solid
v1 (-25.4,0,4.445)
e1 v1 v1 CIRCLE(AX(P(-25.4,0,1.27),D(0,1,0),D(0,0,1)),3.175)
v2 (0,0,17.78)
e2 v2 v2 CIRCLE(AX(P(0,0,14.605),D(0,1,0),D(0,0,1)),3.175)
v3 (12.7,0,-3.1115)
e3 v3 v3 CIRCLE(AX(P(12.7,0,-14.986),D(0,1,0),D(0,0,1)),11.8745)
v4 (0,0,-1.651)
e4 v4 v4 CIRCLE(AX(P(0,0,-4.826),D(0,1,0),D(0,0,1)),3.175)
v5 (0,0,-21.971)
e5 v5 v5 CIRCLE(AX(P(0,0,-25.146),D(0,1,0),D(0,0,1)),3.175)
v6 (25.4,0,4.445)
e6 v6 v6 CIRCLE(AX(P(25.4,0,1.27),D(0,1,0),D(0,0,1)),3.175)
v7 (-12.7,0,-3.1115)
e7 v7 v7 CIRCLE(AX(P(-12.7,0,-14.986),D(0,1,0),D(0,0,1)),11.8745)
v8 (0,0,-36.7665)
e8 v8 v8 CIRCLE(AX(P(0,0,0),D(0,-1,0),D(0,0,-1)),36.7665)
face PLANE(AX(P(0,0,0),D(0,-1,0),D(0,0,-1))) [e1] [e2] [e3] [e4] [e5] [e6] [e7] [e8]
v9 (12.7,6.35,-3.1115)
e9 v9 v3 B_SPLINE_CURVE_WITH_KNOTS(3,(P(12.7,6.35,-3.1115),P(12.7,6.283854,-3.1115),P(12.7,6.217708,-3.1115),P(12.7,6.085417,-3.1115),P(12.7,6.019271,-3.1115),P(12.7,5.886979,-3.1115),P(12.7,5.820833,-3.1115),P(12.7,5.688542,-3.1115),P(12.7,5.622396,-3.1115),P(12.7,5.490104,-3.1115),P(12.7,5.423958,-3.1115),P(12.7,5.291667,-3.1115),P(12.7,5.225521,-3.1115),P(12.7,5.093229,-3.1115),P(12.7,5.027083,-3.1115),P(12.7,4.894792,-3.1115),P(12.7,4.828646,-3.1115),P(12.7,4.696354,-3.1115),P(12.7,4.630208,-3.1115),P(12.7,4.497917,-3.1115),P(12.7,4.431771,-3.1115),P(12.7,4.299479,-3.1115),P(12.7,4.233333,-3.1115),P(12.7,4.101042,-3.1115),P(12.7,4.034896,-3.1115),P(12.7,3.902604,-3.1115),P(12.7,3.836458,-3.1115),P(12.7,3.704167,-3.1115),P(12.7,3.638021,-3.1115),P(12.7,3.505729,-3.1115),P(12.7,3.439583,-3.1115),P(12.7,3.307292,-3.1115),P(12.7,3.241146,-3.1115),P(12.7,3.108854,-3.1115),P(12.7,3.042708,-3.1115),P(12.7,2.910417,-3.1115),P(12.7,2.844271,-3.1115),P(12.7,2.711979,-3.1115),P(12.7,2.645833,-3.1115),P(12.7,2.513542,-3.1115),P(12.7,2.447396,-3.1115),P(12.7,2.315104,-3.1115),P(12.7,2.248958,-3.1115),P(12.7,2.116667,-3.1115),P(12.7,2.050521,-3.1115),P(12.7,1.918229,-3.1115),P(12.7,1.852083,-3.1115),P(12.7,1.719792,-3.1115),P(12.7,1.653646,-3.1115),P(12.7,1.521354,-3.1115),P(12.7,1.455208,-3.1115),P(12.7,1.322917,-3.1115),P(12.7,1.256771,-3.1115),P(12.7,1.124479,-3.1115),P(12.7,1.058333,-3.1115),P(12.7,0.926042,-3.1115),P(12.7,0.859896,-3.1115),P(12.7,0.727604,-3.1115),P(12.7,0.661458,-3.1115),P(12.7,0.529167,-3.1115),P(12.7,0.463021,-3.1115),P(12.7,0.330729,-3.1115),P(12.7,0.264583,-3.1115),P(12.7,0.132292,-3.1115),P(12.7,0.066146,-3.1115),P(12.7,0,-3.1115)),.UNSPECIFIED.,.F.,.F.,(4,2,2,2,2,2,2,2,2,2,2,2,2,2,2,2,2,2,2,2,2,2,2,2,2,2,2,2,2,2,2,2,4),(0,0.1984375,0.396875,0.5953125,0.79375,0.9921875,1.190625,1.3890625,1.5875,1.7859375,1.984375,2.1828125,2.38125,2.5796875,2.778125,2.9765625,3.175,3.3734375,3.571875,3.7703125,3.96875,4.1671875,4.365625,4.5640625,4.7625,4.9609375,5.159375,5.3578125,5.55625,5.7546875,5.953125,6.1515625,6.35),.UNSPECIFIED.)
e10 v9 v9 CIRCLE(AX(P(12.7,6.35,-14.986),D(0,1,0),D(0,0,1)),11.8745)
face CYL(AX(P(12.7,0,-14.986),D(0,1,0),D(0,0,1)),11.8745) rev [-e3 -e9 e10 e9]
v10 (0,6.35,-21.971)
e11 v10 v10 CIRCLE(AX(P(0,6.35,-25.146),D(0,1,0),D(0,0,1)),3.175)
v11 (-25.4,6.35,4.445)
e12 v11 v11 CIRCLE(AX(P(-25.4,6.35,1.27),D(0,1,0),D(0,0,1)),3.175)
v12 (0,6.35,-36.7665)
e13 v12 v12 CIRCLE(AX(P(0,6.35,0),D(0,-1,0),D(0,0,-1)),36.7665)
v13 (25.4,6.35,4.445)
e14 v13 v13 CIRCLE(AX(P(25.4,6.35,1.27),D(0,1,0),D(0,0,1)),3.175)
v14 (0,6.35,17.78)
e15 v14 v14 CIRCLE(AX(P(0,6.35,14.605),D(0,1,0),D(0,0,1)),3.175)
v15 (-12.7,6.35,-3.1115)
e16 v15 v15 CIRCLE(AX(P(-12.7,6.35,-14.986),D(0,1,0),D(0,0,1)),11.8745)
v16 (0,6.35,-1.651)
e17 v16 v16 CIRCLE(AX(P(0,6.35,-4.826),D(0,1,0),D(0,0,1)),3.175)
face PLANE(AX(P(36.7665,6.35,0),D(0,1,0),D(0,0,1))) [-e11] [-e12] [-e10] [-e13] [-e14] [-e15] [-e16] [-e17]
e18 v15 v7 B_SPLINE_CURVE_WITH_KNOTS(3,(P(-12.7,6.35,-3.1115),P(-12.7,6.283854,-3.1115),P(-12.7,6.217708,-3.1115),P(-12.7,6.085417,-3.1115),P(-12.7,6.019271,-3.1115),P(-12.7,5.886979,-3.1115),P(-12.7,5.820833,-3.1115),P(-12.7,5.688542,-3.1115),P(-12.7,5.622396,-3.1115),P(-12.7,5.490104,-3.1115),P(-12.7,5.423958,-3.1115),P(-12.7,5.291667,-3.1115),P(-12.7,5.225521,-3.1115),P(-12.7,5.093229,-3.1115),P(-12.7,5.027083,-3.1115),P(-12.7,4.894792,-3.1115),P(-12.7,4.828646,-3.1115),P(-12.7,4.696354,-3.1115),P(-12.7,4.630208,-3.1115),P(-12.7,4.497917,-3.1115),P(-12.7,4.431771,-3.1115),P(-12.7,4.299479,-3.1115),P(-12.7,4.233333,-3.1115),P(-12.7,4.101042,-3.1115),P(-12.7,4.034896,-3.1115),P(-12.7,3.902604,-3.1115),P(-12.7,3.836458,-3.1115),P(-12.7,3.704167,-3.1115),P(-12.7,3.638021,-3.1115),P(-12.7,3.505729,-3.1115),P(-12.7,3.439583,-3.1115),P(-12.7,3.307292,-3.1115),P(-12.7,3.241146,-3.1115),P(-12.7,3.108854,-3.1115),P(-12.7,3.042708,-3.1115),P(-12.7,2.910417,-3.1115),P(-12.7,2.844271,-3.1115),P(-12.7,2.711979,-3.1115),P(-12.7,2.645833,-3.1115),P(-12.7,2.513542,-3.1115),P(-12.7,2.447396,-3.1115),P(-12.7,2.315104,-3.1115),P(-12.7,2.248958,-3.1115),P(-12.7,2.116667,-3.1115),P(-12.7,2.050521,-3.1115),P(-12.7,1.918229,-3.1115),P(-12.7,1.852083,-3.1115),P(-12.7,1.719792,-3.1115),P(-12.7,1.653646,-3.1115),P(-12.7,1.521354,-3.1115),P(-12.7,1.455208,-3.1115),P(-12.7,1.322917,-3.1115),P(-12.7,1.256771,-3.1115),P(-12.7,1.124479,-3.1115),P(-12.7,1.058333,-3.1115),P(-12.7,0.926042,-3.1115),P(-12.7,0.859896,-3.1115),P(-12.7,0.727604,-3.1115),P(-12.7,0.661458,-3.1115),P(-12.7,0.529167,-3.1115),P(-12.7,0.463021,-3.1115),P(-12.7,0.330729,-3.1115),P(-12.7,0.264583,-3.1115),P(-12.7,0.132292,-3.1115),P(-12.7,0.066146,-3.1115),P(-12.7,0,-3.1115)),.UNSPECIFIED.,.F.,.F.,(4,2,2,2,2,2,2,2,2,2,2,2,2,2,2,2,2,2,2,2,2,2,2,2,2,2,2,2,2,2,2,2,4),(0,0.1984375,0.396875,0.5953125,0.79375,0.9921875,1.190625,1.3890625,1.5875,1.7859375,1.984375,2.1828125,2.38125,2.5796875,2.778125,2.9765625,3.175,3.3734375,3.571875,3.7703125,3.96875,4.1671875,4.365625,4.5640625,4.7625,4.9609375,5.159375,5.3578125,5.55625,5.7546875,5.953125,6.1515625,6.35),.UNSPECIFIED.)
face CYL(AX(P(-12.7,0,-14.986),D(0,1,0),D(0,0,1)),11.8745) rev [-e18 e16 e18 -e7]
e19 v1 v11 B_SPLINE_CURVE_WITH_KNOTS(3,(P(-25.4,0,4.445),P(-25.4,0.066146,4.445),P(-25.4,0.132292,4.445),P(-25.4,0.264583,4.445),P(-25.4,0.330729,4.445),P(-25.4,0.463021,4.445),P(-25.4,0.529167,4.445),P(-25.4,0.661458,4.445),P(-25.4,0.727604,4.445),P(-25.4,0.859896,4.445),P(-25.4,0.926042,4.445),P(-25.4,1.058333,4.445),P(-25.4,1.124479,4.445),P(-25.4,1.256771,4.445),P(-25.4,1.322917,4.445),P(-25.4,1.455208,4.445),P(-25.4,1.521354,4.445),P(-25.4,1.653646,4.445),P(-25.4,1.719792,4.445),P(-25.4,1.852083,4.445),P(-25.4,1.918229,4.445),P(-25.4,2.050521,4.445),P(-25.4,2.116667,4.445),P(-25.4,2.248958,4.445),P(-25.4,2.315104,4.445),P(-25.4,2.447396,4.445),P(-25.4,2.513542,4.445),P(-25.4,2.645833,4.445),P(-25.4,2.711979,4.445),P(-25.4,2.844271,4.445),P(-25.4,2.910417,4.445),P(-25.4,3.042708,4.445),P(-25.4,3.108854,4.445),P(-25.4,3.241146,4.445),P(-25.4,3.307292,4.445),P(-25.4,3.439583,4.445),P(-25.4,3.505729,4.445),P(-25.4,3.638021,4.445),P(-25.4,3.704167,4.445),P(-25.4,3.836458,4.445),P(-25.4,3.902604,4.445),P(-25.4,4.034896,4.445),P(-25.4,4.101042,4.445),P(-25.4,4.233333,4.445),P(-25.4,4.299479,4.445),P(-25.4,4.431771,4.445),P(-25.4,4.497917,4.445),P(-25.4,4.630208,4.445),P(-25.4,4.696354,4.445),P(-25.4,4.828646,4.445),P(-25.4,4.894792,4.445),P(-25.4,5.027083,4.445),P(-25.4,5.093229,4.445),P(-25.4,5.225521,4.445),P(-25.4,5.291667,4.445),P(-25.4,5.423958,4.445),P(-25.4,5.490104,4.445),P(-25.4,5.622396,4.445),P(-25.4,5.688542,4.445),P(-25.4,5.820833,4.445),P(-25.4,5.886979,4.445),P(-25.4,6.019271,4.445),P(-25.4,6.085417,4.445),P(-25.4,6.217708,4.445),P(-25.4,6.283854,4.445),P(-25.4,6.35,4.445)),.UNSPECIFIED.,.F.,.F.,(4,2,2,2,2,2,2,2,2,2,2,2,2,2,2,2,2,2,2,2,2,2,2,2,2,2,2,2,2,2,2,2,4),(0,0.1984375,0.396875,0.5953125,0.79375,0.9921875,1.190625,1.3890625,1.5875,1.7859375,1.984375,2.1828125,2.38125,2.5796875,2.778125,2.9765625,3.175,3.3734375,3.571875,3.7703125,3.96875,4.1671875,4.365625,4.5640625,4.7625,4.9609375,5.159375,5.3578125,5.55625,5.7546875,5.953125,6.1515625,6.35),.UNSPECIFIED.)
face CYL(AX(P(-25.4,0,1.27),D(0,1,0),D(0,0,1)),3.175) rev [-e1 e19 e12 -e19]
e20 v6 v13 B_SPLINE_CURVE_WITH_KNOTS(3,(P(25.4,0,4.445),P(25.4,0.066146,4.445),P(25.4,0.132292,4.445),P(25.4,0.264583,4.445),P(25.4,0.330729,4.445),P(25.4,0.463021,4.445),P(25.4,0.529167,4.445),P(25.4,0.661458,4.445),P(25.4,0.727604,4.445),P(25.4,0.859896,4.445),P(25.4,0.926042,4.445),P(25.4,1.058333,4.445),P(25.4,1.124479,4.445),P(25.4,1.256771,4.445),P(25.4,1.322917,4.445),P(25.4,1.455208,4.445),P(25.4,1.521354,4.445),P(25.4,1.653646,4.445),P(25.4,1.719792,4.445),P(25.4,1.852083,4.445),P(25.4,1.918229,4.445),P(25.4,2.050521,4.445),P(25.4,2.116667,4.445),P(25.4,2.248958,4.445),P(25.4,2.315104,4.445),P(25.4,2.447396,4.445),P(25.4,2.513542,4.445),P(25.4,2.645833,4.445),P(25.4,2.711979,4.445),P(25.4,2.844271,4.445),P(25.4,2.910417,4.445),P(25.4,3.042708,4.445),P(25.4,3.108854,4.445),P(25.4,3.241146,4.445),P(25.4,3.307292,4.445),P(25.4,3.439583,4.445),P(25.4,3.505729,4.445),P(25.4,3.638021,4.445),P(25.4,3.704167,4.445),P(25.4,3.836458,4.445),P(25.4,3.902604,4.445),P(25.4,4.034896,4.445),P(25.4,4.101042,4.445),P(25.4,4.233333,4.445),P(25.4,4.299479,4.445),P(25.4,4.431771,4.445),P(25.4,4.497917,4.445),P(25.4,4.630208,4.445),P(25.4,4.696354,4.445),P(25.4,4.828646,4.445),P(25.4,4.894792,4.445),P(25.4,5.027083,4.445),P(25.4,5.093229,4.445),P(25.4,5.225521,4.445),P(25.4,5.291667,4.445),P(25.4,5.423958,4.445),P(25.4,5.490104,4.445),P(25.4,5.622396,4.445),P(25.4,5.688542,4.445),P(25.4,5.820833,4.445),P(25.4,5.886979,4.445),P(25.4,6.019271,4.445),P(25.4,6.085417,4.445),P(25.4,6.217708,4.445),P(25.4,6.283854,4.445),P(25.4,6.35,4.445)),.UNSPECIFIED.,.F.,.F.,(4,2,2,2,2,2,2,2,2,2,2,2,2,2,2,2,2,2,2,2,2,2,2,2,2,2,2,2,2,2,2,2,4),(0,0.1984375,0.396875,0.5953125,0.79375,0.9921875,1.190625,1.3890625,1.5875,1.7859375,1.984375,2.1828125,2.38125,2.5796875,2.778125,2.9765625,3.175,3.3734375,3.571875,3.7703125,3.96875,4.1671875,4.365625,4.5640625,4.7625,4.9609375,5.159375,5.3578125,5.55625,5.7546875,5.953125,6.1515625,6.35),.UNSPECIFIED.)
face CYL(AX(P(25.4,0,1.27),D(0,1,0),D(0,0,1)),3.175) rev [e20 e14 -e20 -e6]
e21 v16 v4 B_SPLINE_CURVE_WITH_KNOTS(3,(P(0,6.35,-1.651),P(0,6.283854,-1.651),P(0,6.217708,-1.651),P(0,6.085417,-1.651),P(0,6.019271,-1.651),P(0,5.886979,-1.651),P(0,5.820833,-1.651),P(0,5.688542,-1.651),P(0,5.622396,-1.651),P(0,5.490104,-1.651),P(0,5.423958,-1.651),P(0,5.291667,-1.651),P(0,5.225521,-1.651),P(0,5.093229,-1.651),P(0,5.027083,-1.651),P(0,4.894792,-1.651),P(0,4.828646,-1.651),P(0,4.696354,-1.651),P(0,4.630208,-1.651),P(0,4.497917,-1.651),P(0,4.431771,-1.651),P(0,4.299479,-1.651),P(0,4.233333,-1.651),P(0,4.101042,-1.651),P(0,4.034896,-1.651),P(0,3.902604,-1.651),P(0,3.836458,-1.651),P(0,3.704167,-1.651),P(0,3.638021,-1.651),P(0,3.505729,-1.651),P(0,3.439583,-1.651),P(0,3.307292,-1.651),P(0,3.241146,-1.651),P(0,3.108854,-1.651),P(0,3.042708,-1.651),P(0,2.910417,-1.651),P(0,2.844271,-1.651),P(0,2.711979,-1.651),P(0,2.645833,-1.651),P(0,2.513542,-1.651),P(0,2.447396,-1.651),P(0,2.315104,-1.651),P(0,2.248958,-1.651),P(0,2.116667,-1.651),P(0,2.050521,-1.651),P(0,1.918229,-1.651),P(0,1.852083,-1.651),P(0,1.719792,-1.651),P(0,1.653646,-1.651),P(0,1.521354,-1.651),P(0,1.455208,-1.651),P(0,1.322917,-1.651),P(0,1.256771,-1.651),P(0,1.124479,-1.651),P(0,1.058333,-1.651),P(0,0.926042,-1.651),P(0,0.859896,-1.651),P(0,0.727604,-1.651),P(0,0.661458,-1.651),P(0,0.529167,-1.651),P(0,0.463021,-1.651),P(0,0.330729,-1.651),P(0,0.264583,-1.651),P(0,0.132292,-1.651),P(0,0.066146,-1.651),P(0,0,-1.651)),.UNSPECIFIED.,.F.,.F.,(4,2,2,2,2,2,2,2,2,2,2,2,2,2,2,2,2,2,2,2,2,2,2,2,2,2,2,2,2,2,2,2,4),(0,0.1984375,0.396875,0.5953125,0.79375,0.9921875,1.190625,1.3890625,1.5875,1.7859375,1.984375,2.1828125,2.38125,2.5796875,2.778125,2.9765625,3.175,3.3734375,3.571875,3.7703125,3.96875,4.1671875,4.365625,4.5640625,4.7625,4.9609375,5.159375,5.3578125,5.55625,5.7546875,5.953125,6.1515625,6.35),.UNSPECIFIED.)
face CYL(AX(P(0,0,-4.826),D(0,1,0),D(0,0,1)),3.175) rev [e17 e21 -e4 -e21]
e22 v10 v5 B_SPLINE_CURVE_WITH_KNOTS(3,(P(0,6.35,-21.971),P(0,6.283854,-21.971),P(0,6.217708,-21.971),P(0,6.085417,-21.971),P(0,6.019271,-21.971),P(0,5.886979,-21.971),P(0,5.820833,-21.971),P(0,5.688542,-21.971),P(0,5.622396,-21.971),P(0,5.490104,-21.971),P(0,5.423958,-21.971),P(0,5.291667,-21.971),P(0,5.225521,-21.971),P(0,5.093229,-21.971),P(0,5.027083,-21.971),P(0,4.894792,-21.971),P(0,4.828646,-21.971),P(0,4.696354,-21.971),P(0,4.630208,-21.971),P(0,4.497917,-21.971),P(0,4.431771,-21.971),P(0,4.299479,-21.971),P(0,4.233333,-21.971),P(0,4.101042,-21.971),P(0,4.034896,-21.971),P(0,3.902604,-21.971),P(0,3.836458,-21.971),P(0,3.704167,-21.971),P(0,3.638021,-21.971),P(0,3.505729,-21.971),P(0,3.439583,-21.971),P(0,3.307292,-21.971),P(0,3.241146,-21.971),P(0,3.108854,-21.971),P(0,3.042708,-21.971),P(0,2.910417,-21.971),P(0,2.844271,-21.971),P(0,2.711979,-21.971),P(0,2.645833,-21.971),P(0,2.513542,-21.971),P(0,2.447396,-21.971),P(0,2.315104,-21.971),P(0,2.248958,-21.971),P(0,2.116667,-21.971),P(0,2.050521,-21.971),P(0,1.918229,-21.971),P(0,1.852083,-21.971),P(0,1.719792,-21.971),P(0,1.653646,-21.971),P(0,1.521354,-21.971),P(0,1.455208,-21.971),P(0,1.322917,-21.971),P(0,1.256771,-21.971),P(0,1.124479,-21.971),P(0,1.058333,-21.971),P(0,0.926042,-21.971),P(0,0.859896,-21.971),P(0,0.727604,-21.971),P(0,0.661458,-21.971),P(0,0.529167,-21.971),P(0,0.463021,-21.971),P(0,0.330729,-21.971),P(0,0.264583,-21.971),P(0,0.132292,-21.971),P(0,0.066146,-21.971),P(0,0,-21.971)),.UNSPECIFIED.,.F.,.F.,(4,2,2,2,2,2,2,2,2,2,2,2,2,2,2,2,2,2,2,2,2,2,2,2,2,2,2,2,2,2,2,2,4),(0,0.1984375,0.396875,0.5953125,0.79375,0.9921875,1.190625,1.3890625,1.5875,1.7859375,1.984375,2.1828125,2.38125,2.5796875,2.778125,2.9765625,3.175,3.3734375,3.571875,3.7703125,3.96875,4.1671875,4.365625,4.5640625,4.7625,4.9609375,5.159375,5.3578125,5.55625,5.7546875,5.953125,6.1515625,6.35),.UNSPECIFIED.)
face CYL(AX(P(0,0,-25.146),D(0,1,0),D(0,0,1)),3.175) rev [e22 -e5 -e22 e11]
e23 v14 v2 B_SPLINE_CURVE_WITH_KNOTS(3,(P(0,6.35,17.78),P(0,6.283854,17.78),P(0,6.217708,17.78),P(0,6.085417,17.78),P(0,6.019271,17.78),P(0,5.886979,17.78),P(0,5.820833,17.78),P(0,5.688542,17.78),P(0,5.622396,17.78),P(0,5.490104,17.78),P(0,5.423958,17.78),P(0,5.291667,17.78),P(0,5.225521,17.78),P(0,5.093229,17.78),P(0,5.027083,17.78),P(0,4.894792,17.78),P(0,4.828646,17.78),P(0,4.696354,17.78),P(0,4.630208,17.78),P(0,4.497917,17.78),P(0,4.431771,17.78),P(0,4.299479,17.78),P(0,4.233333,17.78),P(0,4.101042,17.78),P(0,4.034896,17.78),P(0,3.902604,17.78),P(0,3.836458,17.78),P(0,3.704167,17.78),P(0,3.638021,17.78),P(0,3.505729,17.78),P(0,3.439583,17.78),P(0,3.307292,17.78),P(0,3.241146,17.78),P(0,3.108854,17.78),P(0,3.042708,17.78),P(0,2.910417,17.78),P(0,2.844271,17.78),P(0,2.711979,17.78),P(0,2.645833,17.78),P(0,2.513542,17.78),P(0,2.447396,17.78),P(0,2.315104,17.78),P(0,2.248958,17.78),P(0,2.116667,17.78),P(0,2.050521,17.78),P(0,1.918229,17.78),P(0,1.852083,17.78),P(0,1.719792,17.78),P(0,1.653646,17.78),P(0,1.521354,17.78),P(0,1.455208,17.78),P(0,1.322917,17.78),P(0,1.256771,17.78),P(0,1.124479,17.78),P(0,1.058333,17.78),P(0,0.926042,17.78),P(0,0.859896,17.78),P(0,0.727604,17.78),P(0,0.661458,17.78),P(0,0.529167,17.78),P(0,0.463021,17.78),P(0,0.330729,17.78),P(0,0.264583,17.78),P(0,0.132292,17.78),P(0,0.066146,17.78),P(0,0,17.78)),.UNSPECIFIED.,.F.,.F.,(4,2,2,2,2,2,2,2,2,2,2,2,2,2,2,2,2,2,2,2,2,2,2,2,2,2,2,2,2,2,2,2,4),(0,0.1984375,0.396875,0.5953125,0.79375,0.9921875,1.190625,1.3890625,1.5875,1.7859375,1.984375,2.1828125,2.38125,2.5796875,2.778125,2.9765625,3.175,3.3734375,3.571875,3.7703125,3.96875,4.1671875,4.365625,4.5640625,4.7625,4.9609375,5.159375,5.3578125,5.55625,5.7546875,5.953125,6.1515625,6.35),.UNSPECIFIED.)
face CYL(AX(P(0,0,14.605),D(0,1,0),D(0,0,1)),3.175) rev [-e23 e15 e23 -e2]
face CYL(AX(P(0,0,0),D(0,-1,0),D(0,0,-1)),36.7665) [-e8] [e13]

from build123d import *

# Parameters (mm, degrees)
SKETCH1_W               = 36.7665
SKETCH1_H               = 6.35
CUT_EXTRUDE1_DEPTH      = 53.381996378
CUT_EXTRUDE1_DEPTH_BACK = 53.381996378
SKETCH2_R               = 11.8745
SKETCH2_R_2             = 3.175
CUT_EXTRUDE2_DEPTH      = 53.381996378
CUT_EXTRUDE2_DEPTH_BACK = 53.381996378
SKETCH3_R               = 3.175


with BuildPart() as part:
    # Sketch1 → Revolve1 (revolve)
    with BuildSketch(Plane.XY):
        with Locations((18.38325, 3.175)):
            Rectangle(SKETCH1_W, SKETCH1_H)
    revolve(axis=Axis((0, 0, 0), (0, 1, 0)))

    # Sketch2 → Cut-Extrude1 (cut, two sides: drawn at the far end of the back side and taken through both)
    with BuildSketch(Plane(origin=(0, 6.35, 0), x_dir=(1, 0, 0), z_dir=(0, 1, 0)).offset(-CUT_EXTRUDE1_DEPTH_BACK)):
        with Locations((-12.7, 14.986)):
            Circle(SKETCH2_R)
        with Locations((12.7, 14.986)):
            Circle(SKETCH2_R)
        with Locations((0, 25.146)):
            Circle(SKETCH2_R_2)
        with Locations((0, 4.826)):
            Circle(SKETCH2_R_2)
        with Locations((0, -14.605)):
            Circle(SKETCH2_R_2)
    extrude(amount=CUT_EXTRUDE1_DEPTH + CUT_EXTRUDE1_DEPTH_BACK, mode=Mode.SUBTRACT)

    # Sketch3 → Cut-Extrude2 (cut, two sides: drawn at the far end of the back side and taken through both)
    with BuildSketch(Plane(origin=(0, 6.35, 0), x_dir=(1, 0, 0), z_dir=(0, 1, 0)).offset(-CUT_EXTRUDE2_DEPTH_BACK)):
        with Locations((-25.4, -1.27)):
            Circle(SKETCH3_R)
        with Locations((25.4, -1.27)):
            Circle(SKETCH3_R)
    extrude(amount=CUT_EXTRUDE2_DEPTH + CUT_EXTRUDE2_DEPTH_BACK, mode=Mode.SUBTRACT)


solid = part.part
